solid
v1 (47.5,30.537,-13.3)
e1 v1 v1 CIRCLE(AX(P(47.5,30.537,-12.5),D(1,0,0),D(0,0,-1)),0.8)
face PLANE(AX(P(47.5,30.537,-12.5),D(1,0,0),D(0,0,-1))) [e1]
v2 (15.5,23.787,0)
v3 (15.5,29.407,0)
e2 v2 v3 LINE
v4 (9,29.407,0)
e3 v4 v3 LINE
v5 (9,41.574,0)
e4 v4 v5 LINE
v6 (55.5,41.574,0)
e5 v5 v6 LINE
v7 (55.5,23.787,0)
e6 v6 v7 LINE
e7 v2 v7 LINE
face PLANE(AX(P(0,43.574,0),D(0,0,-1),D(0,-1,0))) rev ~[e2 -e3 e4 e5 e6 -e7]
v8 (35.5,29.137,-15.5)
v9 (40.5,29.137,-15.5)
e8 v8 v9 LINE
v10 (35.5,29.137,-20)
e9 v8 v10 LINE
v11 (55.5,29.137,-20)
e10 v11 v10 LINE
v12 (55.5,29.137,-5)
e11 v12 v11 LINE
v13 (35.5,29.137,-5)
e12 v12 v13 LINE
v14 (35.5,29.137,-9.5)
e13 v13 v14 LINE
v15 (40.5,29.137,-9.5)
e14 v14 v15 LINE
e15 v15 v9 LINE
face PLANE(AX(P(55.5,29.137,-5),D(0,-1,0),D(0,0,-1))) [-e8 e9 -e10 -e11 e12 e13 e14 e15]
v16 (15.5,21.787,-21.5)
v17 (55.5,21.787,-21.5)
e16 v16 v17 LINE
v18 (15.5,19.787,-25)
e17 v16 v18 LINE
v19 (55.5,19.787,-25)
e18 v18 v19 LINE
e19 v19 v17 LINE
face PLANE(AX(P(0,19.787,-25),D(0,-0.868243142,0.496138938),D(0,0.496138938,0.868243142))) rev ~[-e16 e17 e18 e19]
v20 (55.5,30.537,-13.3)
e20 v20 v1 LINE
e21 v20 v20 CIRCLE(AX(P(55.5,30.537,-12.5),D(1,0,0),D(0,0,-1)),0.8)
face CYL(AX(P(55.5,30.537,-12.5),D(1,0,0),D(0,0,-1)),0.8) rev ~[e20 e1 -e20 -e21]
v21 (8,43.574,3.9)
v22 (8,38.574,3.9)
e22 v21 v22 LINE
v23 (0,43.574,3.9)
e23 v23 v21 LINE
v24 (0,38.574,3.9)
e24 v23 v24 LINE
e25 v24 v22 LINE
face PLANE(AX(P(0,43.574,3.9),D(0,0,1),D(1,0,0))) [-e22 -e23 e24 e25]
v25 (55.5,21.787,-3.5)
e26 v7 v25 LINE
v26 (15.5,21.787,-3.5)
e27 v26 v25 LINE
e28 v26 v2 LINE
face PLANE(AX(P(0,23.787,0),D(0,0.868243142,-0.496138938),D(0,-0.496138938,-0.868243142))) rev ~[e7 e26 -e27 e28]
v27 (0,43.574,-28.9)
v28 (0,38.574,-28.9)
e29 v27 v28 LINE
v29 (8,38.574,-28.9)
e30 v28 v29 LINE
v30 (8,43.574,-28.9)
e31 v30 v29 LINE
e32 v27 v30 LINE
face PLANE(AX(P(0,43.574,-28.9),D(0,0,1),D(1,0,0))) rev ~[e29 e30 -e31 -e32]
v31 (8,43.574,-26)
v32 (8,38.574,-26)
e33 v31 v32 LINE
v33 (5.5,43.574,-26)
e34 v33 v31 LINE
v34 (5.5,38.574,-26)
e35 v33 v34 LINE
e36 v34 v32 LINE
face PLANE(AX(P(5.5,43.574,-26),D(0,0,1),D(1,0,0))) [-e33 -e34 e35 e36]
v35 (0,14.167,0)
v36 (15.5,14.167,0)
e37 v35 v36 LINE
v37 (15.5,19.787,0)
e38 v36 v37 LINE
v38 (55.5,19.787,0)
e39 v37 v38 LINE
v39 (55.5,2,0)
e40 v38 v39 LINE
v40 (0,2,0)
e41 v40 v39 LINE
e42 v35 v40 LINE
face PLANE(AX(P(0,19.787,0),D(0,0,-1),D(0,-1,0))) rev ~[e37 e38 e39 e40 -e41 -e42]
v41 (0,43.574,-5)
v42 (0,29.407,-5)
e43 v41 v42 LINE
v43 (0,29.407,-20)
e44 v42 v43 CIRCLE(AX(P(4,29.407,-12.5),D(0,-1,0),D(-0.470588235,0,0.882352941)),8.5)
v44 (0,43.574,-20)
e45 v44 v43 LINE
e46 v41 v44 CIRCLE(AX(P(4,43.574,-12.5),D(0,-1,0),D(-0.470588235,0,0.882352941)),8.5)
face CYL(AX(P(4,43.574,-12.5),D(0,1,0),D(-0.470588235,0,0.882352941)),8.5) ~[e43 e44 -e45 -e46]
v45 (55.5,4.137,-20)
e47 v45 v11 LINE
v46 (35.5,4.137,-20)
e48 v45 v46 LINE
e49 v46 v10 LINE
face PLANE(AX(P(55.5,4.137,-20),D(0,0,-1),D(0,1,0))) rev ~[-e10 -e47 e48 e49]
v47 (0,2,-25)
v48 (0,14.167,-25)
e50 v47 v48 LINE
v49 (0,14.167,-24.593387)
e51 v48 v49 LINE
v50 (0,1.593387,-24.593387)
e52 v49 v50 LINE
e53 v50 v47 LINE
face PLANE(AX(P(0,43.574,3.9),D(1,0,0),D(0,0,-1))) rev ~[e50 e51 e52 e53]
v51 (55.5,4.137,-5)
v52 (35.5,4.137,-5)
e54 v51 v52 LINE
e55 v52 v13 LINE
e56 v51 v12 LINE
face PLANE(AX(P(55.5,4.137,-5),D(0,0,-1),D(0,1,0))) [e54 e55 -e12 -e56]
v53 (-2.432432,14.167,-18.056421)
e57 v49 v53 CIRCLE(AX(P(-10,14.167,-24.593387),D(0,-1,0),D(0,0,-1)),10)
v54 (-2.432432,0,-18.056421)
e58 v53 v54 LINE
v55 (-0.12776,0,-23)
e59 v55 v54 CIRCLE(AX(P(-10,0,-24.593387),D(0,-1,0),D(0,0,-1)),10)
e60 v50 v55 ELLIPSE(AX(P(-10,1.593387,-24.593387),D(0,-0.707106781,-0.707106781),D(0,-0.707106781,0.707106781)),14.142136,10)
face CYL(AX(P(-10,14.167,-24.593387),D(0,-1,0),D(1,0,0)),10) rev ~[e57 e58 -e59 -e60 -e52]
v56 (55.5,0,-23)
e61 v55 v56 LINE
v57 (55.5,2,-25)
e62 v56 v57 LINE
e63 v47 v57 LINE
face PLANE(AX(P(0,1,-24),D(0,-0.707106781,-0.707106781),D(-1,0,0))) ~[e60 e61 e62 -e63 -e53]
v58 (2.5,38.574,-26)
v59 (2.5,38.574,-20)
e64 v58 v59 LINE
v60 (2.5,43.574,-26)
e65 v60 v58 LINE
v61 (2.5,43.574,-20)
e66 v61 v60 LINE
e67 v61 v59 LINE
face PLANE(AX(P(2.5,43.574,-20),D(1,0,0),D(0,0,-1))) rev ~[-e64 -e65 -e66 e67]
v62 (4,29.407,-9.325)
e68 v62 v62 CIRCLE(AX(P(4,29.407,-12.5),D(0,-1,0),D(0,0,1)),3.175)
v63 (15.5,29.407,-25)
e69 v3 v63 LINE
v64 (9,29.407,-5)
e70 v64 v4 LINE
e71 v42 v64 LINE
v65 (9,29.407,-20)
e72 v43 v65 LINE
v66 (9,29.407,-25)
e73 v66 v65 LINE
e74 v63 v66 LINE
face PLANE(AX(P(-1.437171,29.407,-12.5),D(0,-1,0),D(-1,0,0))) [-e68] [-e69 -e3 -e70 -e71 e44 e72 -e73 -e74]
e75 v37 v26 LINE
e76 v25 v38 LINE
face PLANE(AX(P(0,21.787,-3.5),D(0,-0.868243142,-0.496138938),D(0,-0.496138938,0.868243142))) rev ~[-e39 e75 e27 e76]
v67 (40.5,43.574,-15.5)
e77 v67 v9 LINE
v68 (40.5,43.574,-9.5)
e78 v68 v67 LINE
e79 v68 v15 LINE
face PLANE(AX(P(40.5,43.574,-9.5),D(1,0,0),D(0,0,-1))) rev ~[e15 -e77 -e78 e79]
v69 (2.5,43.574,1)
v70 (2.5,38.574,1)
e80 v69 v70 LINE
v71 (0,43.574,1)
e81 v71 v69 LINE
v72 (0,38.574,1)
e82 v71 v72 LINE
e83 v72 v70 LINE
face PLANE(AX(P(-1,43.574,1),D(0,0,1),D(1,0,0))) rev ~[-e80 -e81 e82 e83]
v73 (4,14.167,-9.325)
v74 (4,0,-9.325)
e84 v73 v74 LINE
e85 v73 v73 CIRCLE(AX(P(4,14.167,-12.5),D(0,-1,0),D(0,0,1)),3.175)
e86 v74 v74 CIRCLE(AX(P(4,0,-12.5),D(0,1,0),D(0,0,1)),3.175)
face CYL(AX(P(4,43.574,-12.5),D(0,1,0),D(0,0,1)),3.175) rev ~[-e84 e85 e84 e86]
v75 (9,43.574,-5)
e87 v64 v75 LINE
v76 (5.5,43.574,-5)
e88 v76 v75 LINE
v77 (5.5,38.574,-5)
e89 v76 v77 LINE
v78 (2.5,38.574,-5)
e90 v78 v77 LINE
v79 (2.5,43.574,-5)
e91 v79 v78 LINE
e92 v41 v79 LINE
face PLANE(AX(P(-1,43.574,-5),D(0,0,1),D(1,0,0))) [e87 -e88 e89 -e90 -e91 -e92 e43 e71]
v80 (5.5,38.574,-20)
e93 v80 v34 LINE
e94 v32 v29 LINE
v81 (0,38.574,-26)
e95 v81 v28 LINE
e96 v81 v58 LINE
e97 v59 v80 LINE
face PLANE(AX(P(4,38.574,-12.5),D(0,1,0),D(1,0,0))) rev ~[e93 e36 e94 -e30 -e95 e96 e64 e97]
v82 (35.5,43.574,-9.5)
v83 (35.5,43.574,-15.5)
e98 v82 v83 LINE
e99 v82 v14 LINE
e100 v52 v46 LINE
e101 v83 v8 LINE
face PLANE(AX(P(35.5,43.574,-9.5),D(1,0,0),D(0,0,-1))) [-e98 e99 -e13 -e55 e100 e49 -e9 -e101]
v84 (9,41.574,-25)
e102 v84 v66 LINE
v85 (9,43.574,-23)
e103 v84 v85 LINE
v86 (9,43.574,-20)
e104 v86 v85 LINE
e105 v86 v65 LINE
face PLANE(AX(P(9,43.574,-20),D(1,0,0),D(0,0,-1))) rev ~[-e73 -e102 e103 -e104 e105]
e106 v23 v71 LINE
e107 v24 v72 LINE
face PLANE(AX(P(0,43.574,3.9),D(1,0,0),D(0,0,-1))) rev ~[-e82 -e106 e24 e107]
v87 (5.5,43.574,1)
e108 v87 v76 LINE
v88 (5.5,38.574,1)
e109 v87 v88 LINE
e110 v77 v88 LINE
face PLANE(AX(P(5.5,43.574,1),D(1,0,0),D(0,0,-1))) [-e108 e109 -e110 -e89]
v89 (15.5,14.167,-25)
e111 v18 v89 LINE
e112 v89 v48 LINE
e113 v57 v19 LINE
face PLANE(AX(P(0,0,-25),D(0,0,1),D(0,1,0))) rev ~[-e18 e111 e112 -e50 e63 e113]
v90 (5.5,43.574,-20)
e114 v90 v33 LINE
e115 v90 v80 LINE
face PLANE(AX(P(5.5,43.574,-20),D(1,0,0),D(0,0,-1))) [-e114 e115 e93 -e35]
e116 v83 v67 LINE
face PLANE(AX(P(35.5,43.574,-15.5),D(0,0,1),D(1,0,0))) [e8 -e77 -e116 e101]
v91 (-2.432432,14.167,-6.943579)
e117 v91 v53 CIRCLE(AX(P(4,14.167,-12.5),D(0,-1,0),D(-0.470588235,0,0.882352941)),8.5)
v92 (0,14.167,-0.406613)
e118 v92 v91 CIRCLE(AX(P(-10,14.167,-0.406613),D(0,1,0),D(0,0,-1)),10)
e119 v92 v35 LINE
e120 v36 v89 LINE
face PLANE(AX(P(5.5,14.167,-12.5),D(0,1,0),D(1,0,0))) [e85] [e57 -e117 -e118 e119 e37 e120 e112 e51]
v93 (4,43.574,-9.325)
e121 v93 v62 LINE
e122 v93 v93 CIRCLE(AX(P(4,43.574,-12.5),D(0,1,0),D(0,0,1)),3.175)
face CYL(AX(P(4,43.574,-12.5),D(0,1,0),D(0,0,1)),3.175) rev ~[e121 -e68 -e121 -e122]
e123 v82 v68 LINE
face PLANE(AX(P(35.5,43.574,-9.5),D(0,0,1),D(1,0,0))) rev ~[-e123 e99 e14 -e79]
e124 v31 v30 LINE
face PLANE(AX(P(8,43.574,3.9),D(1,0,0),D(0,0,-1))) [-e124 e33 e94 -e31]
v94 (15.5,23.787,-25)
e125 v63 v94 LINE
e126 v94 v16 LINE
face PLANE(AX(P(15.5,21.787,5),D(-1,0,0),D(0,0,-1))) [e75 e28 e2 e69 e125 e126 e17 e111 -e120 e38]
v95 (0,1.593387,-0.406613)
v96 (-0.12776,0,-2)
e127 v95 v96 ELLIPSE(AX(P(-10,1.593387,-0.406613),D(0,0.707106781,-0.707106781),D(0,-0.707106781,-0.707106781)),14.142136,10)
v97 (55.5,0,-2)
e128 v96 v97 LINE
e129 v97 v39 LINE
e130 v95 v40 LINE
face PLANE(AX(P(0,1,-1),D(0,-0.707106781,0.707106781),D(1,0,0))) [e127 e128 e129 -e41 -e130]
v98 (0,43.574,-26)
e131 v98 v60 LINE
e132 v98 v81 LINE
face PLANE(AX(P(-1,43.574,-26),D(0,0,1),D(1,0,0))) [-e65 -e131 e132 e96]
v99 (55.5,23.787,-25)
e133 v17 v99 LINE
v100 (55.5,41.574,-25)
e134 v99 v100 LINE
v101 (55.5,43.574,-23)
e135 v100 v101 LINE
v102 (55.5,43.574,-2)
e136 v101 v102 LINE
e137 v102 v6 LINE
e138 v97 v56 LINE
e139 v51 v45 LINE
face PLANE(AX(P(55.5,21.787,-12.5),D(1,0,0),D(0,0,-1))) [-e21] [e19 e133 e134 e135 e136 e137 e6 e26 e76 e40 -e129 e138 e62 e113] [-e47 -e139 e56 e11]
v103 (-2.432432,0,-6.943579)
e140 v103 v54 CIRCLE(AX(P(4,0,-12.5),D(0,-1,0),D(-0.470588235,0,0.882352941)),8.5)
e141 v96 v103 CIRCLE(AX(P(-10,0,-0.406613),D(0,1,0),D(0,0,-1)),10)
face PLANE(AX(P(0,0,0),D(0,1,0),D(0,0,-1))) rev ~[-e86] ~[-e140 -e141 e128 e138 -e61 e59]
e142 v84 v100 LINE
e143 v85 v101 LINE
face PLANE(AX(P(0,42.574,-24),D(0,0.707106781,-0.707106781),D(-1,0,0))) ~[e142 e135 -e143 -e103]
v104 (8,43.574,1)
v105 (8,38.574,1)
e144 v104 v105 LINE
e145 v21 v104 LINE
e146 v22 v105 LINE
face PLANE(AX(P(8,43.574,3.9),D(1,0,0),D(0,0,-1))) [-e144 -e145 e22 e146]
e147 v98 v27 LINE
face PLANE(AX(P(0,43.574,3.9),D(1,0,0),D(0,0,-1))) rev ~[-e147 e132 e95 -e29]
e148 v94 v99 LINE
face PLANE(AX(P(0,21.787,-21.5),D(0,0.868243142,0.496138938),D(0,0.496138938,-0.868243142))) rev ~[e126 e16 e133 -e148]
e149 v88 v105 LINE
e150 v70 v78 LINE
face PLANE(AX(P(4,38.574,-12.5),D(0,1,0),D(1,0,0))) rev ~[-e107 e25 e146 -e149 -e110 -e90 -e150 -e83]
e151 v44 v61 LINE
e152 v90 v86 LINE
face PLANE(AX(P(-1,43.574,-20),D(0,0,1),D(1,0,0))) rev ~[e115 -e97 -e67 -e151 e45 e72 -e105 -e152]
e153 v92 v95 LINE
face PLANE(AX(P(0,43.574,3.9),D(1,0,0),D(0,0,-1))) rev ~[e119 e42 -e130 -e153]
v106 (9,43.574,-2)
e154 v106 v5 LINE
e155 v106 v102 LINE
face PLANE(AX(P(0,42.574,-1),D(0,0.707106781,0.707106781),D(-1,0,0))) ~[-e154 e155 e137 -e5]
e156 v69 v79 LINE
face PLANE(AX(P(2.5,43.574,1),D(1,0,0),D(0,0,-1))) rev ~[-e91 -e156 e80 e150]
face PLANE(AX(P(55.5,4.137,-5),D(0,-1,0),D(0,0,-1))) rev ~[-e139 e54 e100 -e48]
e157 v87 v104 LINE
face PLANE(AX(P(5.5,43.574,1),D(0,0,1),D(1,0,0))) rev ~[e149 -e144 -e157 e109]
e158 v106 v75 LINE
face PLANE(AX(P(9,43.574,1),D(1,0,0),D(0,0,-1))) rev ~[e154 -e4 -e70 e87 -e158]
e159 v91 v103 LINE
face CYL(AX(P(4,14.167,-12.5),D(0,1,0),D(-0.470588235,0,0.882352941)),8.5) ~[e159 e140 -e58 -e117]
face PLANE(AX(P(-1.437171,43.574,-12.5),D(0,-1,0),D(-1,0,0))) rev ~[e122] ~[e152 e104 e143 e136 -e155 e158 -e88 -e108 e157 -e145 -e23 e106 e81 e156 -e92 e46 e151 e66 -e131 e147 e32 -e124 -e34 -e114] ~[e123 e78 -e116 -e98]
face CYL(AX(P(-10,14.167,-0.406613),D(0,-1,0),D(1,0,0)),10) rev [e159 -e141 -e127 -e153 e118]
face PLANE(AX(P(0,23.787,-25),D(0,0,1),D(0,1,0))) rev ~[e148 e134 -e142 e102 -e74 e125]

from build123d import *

# Parameters (mm, degrees)
BOSS_EXTRUDE1_DEPTH = 55.5
CHAMFER1_SIZE       = 2
SKETCH4_W           = 8
SKETCH4_H           = 32.8
BOSS_EXTRUDE2_DEPTH = 5
SKETCH7_W           = 3.5
SKETCH7_H           = 6
CUT_EXTRUDE5_DEPTH  = 10
SKETCH5_R           = 3.175
CUT_EXTRUDE3_DEPTH  = 77.250596562
SKETCH6_R           = 3.175
CUT_EXTRUDE4_DEPTH  = 7.62
SKETCH8_W           = 9
SKETCH8_H           = 5
CUT_EXTRUDE6_DEPTH  = 9.167
BOSS_EXTRUDE3_DEPTH = 14.167
BOSS_EXTRUDE4_START = -29.407
BOSS_EXTRUDE4_DEPTH = 14.167
FILLET1_R           = 10
SKETCH10_W          = 15
SKETCH10_H          = 25
CUT_EXTRUDE7_DEPTH  = 20
SKETCH11_R          = 0.8
CUT_EXTRUDE8_DEPTH  = 8
SKETCH12_W          = 5
SKETCH12_H          = 6
CUT_EXTRUDE9_DEPTH  = 14.437


with BuildPart() as part:
    # Sketch1 → Boss-Extrude1 (new body)
    with BuildSketch(Plane(origin=(0, 0, 0), x_dir=(0, 0, -1), z_dir=(1, 0, 0))):
        Polygon((0, 0), (25, 0), (25, 19.787), (21.5, 21.787), (25, 23.787), (25, 43.574), (0, 43.574), (0, 23.787), (3.5, 21.787), (0, 19.787), align=None)
    extrude(amount=BOSS_EXTRUDE1_DEPTH)

    # Chamfer1
    chamfer1_edges = [part.edges().sort_by_distance(p)[0] for p in [
        (27.75, 43.574, 0),
        (27.75, 43.574, -25),
        (27.75, 0, -25),
        (27.75, 0, 0),
    ]]
    chamfer(chamfer1_edges, length=CHAMFER1_SIZE)

    # Sketch4 → Boss-Extrude2 (add)
    with BuildSketch(Plane(origin=(0, 43.574, 0), x_dir=(1, 0, 0), z_dir=(0, 1, 0))):
        with Locations((4, 12.5)):
            Rectangle(SKETCH4_W, SKETCH4_H)
    extrude(amount=-BOSS_EXTRUDE2_DEPTH)

    # Sketch7 → Cut-Extrude5 (cut)
    with BuildSketch(Plane(origin=(0, 43.574, 0), x_dir=(1, 0, 0), z_dir=(0, 1, 0))):
        with Locations((7.25, 2)):
            Rectangle(SKETCH7_W, SKETCH7_H)
        with Locations((7.25, 23)):
            Rectangle(SKETCH7_W, SKETCH7_H)
        with Locations((0.75, 2)):
            Rectangle(SKETCH7_W, SKETCH7_H)
        with Locations((0.75, 23)):
            Rectangle(SKETCH7_W, SKETCH7_H)
    extrude(amount=-CUT_EXTRUDE5_DEPTH, mode=Mode.SUBTRACT)

    # Sketch5 → Cut-Extrude3 (cut, through all)
    with BuildSketch(Plane(origin=(0, 43.574, 0), x_dir=(1, 0, 0), z_dir=(0, 1, 0))):
        with Locations(Location((4, 12.5, 0), (0, 0, 270))):
            Circle(SKETCH5_R)
    extrude(amount=-CUT_EXTRUDE3_DEPTH, mode=Mode.SUBTRACT)

    # Sketch6 → Cut-Extrude4 (cut, symmetric)
    with BuildSketch(Plane(origin=(0, 21.787, 0), x_dir=(-1, 0, 0), z_dir=(0, -1, 0))):
        Polygon((-4, 30), (4.5, 30), (4.5, -5), (-4, -5), (-15.5, -5), (-15.5, 30), align=None)
        with Locations(Location((-4, 12.5, 0), (0, 0, 270))):
            Circle(SKETCH6_R, mode=Mode.SUBTRACT)
    extrude(amount=CUT_EXTRUDE4_DEPTH, both=True, mode=Mode.SUBTRACT)

    # Sketch8 → Cut-Extrude6 (cut)
    with BuildSketch(Plane.XZ.offset(-29.407)):
        with Locations((4.5, -22.5)):
            Rectangle(SKETCH8_W, SKETCH8_H)
        with Locations((4.5, -2.5)):
            Rectangle(SKETCH8_W, SKETCH8_H)
    extrude(amount=-CUT_EXTRUDE6_DEPTH, mode=Mode.SUBTRACT)

    # Sketch9 → Boss-Extrude3 (add)
    with BuildSketch(Plane(origin=(0, 43.574, 0), x_dir=(1, 0, 0), z_dir=(0, 1, 0))):
        with BuildLine():
            Line((0, 20), (0, 5))
            ThreePointArc((0, 5), (-4.5, 12.5), (0, 20))
        make_face()
    extrude(amount=-BOSS_EXTRUDE3_DEPTH)

    # Sketch9<2> → Boss-Extrude4 (add)
    with BuildSketch(Plane(origin=(0, 43.574, 0), x_dir=(1, 0, 0), z_dir=(0, 1, 0)).offset(BOSS_EXTRUDE4_START)):
        with BuildLine():
            Line((0, 20), (0, 5))
            ThreePointArc((0, 5), (-4.5, 12.5), (0, 20))
        make_face()
    extrude(amount=-BOSS_EXTRUDE4_DEPTH)

    # Fillet1
    fillet1_edges = [part.edges().sort_by_distance(p)[0] for p in [
        (0, 7.0835, -20),
        (0, 7.0835, -5),
    ]]
    fillet(fillet1_edges, radius=FILLET1_R)

    # Sketch10 → Cut-Extrude7 (cut)
    with BuildSketch(Plane(origin=(55.5, 0, 0), x_dir=(0, 0, -1), z_dir=(1, 0, 0))):
        with Locations((12.5, 16.637)):
            Rectangle(SKETCH10_W, SKETCH10_H)
    extrude(amount=-CUT_EXTRUDE7_DEPTH, mode=Mode.SUBTRACT)

    # Sketch11 → Cut-Extrude8 (cut)
    with BuildSketch(Plane(origin=(55.5, 0, 0), x_dir=(0, 0, -1), z_dir=(1, 0, 0))):
        with Locations((12.5, 30.537)):
            Circle(SKETCH11_R)
    extrude(amount=-CUT_EXTRUDE8_DEPTH, mode=Mode.SUBTRACT)

    # Sketch12 → Cut-Extrude9 (cut)
    with BuildSketch(Plane(origin=(0, 43.574, 0), x_dir=(1, 0, 0), z_dir=(0, 1, 0))):
        with Locations((38, 12.5)):
            Rectangle(SKETCH12_W, SKETCH12_H)
    extrude(amount=-CUT_EXTRUDE9_DEPTH, mode=Mode.SUBTRACT)


solid = part.part
